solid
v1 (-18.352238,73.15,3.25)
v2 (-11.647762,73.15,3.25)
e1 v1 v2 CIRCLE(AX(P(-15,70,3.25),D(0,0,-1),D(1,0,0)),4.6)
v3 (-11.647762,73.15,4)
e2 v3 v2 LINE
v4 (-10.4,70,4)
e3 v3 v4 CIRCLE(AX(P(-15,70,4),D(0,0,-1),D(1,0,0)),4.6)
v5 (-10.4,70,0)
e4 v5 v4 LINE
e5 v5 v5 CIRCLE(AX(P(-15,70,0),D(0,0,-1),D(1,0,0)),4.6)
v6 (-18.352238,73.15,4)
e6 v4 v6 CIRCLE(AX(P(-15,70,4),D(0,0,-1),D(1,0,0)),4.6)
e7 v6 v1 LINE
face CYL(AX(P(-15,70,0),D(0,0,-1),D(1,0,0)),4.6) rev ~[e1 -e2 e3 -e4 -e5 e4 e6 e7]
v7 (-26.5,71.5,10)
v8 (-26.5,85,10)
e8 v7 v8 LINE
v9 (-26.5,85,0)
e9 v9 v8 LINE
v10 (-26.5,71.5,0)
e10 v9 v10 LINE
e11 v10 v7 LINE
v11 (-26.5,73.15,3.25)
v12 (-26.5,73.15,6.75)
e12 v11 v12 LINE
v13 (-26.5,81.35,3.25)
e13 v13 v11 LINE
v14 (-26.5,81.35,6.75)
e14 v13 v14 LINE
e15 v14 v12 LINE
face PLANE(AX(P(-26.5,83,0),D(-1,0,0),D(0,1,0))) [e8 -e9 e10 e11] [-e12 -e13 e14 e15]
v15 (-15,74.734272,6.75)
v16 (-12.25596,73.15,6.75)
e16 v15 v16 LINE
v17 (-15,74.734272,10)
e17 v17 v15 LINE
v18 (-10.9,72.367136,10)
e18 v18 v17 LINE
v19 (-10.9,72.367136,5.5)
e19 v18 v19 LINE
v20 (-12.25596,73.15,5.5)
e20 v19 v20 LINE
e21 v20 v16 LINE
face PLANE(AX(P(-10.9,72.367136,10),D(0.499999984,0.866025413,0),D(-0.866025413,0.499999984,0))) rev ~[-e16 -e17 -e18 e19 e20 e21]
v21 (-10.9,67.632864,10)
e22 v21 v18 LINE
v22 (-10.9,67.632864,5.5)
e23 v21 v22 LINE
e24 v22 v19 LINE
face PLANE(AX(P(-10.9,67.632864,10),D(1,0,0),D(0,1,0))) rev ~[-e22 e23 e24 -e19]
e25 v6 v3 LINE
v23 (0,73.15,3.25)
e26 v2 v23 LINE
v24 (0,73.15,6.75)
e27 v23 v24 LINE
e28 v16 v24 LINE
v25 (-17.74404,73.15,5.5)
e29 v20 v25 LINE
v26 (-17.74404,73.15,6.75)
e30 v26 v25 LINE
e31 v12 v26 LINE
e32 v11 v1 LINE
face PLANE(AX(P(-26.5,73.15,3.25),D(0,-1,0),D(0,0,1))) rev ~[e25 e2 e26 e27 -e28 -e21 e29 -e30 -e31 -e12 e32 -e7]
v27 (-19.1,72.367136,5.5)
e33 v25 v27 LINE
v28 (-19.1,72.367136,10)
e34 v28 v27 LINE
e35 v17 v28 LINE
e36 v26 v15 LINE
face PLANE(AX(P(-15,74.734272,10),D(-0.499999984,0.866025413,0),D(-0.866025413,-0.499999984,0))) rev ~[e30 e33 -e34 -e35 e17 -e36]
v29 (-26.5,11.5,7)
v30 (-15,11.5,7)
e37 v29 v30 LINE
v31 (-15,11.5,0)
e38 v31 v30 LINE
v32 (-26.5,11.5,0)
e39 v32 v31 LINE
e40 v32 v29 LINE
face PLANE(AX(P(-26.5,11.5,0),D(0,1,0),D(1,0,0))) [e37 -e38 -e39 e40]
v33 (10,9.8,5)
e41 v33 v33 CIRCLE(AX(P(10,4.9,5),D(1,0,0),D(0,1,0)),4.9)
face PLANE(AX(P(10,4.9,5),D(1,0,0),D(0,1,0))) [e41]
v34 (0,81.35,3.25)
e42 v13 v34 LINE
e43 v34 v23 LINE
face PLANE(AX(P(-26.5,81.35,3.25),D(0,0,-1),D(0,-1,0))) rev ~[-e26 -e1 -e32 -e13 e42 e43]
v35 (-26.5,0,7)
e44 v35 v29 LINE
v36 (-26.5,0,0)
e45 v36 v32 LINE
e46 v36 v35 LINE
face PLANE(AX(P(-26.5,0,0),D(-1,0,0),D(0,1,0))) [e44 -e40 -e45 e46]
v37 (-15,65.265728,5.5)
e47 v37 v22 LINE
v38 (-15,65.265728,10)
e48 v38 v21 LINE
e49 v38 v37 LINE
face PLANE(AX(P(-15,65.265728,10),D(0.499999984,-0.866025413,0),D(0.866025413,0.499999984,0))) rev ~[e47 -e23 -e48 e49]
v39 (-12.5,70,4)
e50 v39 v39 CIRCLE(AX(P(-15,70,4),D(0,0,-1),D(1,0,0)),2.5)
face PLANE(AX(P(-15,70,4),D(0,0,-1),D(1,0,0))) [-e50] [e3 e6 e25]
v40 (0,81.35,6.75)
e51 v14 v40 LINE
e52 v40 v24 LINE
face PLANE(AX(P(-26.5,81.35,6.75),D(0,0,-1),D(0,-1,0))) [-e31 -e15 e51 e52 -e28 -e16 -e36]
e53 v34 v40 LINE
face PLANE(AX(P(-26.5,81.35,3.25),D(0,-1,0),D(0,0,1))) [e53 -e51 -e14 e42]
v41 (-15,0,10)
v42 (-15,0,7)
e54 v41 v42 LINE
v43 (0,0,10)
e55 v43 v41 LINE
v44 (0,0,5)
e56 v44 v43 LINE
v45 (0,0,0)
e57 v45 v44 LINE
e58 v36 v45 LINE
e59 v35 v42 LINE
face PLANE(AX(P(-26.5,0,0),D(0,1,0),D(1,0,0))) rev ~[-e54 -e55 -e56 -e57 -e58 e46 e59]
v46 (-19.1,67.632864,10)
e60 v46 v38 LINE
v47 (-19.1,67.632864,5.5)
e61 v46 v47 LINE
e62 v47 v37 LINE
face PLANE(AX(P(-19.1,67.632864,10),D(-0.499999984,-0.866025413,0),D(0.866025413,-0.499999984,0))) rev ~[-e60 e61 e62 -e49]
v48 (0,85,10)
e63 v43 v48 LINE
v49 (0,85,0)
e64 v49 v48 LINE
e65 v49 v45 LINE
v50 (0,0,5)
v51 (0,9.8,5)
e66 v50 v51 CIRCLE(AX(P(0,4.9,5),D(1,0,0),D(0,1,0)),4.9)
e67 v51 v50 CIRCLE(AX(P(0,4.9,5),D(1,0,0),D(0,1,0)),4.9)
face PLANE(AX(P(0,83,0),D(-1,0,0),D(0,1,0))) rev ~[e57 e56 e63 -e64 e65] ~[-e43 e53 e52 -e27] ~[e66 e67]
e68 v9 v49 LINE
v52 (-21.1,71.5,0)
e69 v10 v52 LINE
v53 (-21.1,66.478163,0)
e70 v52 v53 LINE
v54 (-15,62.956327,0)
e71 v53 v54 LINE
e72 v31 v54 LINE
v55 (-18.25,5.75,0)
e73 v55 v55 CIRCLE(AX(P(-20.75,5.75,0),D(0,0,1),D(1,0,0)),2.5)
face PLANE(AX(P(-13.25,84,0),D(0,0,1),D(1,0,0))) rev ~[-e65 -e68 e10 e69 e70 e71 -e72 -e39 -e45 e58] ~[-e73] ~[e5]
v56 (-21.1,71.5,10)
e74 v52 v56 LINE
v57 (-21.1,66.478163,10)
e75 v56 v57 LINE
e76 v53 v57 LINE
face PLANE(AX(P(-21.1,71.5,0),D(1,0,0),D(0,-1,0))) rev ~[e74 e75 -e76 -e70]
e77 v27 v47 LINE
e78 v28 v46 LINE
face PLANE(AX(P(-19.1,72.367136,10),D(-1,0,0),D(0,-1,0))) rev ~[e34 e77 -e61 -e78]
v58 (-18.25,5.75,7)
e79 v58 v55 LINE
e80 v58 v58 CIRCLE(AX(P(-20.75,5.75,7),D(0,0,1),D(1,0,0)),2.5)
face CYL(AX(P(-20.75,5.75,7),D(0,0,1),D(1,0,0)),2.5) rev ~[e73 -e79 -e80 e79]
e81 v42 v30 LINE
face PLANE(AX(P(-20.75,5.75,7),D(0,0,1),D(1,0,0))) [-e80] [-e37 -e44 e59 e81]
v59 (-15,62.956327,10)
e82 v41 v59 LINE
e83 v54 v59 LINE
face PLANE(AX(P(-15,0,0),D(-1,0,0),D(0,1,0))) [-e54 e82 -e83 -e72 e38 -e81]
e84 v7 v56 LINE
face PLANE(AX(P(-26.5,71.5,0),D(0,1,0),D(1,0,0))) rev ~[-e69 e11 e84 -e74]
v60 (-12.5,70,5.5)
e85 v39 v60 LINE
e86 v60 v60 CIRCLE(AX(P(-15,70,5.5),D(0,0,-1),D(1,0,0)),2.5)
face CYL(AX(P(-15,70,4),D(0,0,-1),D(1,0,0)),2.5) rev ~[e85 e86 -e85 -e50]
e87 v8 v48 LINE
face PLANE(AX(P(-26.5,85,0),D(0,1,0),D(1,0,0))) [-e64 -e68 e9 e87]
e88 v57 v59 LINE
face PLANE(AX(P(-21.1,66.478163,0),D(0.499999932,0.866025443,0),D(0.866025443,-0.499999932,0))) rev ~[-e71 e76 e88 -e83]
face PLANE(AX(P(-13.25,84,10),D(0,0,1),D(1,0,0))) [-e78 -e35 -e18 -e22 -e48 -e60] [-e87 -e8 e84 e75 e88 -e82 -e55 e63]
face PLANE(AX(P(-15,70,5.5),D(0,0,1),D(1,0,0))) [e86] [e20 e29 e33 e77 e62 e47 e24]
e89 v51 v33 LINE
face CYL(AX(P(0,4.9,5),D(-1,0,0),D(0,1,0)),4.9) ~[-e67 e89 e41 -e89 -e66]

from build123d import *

# Parameters (mm, degrees)
F0_W      = 15
F0_H      = 83
F1_DEPTH  = 10
F2_W      = 11.5
F2_H      = 11.5
F3_DEPTH  = 10
F4_W      = 11.5
F4_H      = 11.5
F5_DEPTH  = 10
F6_W      = 8.2
F6_H      = 3.5
F7_DEPTH  = 26.501
F9_DEPTH  = 10
F11_DEPTH = 4.5
F12_R     = 4.6
F13_DEPTH = 4
F14_R     = 2.5
F15_DEPTH = 1.5
F16_W     = 11.5
F16_H     = 11.5
F17_DEPTH = 3
F18_R     = 2.5
F19_DEPTH = 7
F20_R     = 4.9
F21_DEPTH = 10
F22_W     = 26.5
F22_H     = 2
F23_DEPTH = 10


with BuildPart() as f1:
    # F0 (on Top) → F1 (new body)
    with BuildSketch(Plane.XY):
        with Locations((-7.5, 41.5)):
            Rectangle(F0_W, F0_H)
    extrude(amount=F1_DEPTH)

    # F2 (on Top) → F3 (join, through all)
    with BuildSketch(Plane.XY):
        with Locations((-20.75, 5.75)):
            Rectangle(F2_W, F2_H)
    extrude(amount=F3_DEPTH)

    # F4 (on Top) → F5 (join, through all)
    with BuildSketch(Plane.XY):
        with Locations((-20.75, 77.25)):
            Rectangle(F4_W, F4_H)
    extrude(amount=F5_DEPTH)

    # F6 (on face) → F7 (cut, through all)
    with BuildSketch(Plane(origin=(-26.5, 0, 0), x_dir=(0, -1, 0), z_dir=(-1, 0, 0))):
        with Locations((-77.25, 5)):
            Rectangle(F6_W, F6_H)
    extrude(amount=-F7_DEPTH, mode=Mode.SUBTRACT)

    # F8 (on Top) → F9 (join, through all)
    with BuildSketch(Plane.XY):
        Polygon((-21.1, 66.478163), (-15, 62.956327), (-15, 71.5), (-21.1, 71.5), align=None)
    extrude(amount=F9_DEPTH)

    # F10 (on face) → F11 (cut)
    with BuildSketch(Plane.XY.offset(10)):
        Polygon((-19.1, 72.367136), (-19.1, 67.632864), (-15, 65.265728), (-10.9, 67.632864), (-10.9, 72.367136), (-15, 74.734272), align=None)
    extrude(amount=-F11_DEPTH, mode=Mode.SUBTRACT)

    # F12 (on face) → F13 (cut)
    with BuildSketch(Plane(origin=(0, 0, 0), x_dir=(1, 0, 0), z_dir=(0, 0, -1))):
        with Locations((-15, -70)):
            Circle(F12_R)
    extrude(amount=-F13_DEPTH, mode=Mode.SUBTRACT)

    # F14 (on face) → F15 (cut, through all)
    with BuildSketch(Plane(origin=(0, 0, 4), x_dir=(1, 0, 0), z_dir=(0, 0, -1))):
        with Locations((-15, -70)):
            Circle(F14_R)
    extrude(amount=-F15_DEPTH, mode=Mode.SUBTRACT)

    # F16 (on face) → F17 (cut)
    with BuildSketch(Plane.XY.offset(10)):
        with Locations((-20.75, 5.75)):
            Rectangle(F16_W, F16_H)
    extrude(amount=-F17_DEPTH, mode=Mode.SUBTRACT)

    # F18 (on face) → F19 (cut, through all)
    with BuildSketch(Plane.XY.offset(7)):
        with Locations((-20.75, 5.75)):
            Circle(F18_R)
    extrude(amount=-F19_DEPTH, mode=Mode.SUBTRACT)

    # F20 (on face) → F21 (join)
    with BuildSketch(Plane.YZ):
        with Locations((4.9, 5)):
            Circle(F20_R)
    extrude(amount=F21_DEPTH)

    # F22 (on Top) → F23 (join, through all)
    with BuildSketch(Plane.XY):
        with Locations((-13.25, 84)):
            Rectangle(F22_W, F22_H)
    extrude(amount=F23_DEPTH)


solid = f1.part
